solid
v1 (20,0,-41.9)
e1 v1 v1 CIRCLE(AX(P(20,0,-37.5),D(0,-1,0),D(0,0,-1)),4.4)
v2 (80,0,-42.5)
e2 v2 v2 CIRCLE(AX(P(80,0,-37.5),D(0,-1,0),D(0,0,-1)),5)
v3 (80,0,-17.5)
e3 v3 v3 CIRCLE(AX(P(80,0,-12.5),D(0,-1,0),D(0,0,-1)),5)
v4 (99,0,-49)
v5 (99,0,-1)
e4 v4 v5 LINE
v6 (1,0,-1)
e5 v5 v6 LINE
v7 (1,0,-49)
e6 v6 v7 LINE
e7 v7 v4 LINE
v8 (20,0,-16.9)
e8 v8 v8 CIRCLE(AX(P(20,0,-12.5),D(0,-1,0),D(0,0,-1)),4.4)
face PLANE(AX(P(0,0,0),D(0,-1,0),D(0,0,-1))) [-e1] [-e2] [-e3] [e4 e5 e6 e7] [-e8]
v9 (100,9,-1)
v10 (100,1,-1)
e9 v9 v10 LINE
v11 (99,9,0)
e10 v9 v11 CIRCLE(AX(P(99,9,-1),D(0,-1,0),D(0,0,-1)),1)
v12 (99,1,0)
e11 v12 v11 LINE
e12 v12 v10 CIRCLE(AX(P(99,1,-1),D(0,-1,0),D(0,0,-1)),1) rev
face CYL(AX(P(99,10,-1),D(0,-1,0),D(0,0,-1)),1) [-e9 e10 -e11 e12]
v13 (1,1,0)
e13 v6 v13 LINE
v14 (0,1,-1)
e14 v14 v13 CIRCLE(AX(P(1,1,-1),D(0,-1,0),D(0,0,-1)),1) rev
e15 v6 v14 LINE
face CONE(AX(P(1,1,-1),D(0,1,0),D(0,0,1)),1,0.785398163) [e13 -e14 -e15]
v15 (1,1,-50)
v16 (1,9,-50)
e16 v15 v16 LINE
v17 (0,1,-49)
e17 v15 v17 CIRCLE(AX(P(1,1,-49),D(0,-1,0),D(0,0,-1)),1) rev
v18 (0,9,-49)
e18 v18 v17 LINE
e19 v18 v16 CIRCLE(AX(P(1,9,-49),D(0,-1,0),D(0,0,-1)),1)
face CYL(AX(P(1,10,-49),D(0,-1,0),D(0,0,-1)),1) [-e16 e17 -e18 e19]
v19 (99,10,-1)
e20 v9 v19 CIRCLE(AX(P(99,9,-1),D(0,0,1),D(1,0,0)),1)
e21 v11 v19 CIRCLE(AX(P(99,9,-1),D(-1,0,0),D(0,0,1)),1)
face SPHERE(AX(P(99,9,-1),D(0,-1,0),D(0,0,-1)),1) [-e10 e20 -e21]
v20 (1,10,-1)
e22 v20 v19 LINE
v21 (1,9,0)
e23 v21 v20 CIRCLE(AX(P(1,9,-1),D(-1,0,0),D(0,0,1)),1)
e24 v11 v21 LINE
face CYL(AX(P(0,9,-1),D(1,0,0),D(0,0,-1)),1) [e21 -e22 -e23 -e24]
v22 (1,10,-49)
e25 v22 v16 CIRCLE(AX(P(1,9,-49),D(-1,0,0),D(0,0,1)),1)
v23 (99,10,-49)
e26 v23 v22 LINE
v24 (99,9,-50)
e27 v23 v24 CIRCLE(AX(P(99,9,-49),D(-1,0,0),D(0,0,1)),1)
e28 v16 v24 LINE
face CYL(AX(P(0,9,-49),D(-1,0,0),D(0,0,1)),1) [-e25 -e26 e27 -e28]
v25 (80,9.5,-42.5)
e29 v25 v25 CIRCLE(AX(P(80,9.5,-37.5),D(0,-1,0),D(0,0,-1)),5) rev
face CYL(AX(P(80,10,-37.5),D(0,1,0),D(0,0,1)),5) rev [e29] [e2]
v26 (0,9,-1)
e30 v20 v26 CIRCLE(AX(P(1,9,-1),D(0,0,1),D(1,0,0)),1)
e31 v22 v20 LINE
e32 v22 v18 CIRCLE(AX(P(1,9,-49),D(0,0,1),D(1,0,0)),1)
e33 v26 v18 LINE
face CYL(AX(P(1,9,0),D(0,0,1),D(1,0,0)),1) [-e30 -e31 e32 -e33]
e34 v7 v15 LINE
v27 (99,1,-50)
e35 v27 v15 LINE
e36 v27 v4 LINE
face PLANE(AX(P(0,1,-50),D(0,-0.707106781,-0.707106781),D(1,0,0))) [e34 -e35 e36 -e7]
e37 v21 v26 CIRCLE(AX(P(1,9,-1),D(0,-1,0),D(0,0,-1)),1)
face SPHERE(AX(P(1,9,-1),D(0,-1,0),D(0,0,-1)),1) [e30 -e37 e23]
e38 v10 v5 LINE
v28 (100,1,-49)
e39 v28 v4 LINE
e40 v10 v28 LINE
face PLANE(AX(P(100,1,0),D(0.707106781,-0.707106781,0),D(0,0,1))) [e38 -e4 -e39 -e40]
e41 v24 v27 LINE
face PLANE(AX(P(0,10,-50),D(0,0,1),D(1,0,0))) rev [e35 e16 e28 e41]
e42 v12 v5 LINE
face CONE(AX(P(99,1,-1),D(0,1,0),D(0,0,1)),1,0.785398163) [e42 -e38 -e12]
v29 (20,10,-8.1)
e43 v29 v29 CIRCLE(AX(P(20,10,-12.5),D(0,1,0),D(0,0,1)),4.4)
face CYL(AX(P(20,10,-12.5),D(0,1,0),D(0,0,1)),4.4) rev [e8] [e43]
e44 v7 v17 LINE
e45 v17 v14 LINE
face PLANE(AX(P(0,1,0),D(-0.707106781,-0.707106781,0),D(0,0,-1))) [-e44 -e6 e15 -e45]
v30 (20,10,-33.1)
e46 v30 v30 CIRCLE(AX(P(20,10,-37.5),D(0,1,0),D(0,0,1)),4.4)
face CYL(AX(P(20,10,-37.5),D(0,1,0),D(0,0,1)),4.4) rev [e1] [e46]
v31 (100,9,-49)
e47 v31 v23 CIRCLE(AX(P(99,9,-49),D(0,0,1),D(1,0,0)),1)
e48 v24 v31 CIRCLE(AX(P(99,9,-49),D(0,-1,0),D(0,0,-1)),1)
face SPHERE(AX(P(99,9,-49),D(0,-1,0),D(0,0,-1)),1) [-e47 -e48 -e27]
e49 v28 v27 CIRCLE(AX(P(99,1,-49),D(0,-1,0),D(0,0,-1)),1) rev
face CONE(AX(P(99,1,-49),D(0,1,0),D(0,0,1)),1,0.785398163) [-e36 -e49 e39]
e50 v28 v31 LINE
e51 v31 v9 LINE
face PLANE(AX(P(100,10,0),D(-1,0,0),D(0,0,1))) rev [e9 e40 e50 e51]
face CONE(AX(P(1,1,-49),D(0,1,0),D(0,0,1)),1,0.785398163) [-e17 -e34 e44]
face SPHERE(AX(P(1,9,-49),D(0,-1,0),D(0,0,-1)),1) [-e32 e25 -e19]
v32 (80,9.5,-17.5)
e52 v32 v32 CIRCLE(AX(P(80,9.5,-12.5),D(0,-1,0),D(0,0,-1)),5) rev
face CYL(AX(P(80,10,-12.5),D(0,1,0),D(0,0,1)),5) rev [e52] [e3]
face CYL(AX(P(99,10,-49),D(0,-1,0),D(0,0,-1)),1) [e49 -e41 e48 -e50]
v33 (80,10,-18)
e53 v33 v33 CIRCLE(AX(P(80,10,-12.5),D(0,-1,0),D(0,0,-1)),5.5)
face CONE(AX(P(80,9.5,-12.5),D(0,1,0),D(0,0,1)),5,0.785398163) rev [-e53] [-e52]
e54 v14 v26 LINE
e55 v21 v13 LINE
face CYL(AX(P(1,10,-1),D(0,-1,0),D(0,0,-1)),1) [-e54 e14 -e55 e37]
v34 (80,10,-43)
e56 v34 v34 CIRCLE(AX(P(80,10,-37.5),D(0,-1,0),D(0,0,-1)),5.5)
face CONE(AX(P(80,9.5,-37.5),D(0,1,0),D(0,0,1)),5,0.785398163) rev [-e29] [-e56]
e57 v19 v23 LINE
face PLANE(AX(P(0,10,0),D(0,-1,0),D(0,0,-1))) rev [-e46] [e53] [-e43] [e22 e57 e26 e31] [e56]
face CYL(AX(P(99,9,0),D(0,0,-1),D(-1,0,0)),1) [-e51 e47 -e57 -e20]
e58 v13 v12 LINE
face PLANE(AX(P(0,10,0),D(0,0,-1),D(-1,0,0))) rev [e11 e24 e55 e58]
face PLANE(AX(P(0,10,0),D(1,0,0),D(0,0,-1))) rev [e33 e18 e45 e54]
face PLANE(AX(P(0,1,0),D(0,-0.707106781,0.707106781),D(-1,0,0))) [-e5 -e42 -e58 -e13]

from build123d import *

# Parameters (mm, degrees)
SKETCH_1_W       = 100
SKETCH_1_H       = 50
EXTRUDE_1_DEPTH  = 10
F_10_0MM_1_D     = 10
F_10_0MM_1_DEPTH = 23.75
F_10_0MM_1_TIP   = 3.004303095
M10X1_25_1_D     = 8.8
M10X1_25_1_DEPTH = 23.75
M10X1_25_1_TIP   = 2.643786724
FILLET_1_R       = 1
CHAMFER_1_SIZE   = 1
CHAMFER_2_SIZE   = 0.5
FILLET_2_R       = 1


with BuildPart() as part:
    # 草圖1 → 填料-伸長1 (new body)
    with BuildSketch(Plane(origin=(0, 0, 0), x_dir=(1, 0, 0), z_dir=(0, 1, 0))):
        with Locations((50, 25)):
            Rectangle(SKETCH_1_W, SKETCH_1_H)
    extrude(amount=EXTRUDE_1_DEPTH)

    # Ø10.0mm 定位孔1
    with Locations(Plane(origin=(80, 10, -37.5), x_dir=(0, 0, 1), z_dir=(0, 1, 0))):
        with Locations((0, 0), (25, 0)):
            Hole(F_10_0MM_1_D / 2, depth=F_10_0MM_1_DEPTH)
            with Locations((0, 0, -(F_10_0MM_1_DEPTH + F_10_0MM_1_TIP / 2))):  # 118° drill point
                Cone(0, F_10_0MM_1_D / 2, F_10_0MM_1_TIP, mode=Mode.SUBTRACT)

    # M10x1.25 螺紋孔1
    with Locations(Plane(origin=(20, 10, -37.5), x_dir=(0, 0, 1), z_dir=(0, 1, 0))):
        with Locations((0, 0), (25, 0)):
            Hole(M10X1_25_1_D / 2, depth=M10X1_25_1_DEPTH)
            with Locations((0, 0, -(M10X1_25_1_DEPTH + M10X1_25_1_TIP / 2))):  # 118° drill point
                Cone(0, M10X1_25_1_D / 2, M10X1_25_1_TIP, mode=Mode.SUBTRACT)

    # 圓角1
    fillet_1_edges = [part.edges().sort_by_distance(p)[0] for p in [
        (0, 5, -50),
        (100, 5, -50),
        (100, 5, 0),
        (0, 5, 0),
    ]]
    fillet(fillet_1_edges, radius=FILLET_1_R)

    # 導角1
    chamfer_1_edges = [part.edges().sort_by_distance(p)[0] for p in [
        (50, 0, -50),
        (0, 0, -25),
        (100, 0, -25),
        (50, 0, 0),
        (99.707106781, 0, -0.292893219),
        (0.292893219, 0, -0.292893219),
        (0.292893219, 0, -49.707106781),
        (99.707106781, 0, -49.707106781),
    ]]
    chamfer(chamfer_1_edges, length=CHAMFER_1_SIZE)

    # 導角2
    chamfer_2_edges = [part.edges().sort_by_distance(p)[0] for p in [
        (80, 10, -7.5),
        (80, 10, -32.5),
    ]]
    chamfer(chamfer_2_edges, length=CHAMFER_2_SIZE)

    # 圓角2
    fillet_2_edges = [part.edges().sort_by_distance(p)[0] for p in [
        (50, 10, -50),
        (100, 10, -25),
        (0, 10, -25),
        (50, 10, 0),
        (99.707106781, 10, -0.292893219),
        (0.292893219, 10, -0.292893219),
        (0.292893219, 10, -49.707106781),
        (99.707106781, 10, -49.707106781),
    ]]
    fillet(fillet_2_edges, radius=FILLET_2_R)


solid = part.part
